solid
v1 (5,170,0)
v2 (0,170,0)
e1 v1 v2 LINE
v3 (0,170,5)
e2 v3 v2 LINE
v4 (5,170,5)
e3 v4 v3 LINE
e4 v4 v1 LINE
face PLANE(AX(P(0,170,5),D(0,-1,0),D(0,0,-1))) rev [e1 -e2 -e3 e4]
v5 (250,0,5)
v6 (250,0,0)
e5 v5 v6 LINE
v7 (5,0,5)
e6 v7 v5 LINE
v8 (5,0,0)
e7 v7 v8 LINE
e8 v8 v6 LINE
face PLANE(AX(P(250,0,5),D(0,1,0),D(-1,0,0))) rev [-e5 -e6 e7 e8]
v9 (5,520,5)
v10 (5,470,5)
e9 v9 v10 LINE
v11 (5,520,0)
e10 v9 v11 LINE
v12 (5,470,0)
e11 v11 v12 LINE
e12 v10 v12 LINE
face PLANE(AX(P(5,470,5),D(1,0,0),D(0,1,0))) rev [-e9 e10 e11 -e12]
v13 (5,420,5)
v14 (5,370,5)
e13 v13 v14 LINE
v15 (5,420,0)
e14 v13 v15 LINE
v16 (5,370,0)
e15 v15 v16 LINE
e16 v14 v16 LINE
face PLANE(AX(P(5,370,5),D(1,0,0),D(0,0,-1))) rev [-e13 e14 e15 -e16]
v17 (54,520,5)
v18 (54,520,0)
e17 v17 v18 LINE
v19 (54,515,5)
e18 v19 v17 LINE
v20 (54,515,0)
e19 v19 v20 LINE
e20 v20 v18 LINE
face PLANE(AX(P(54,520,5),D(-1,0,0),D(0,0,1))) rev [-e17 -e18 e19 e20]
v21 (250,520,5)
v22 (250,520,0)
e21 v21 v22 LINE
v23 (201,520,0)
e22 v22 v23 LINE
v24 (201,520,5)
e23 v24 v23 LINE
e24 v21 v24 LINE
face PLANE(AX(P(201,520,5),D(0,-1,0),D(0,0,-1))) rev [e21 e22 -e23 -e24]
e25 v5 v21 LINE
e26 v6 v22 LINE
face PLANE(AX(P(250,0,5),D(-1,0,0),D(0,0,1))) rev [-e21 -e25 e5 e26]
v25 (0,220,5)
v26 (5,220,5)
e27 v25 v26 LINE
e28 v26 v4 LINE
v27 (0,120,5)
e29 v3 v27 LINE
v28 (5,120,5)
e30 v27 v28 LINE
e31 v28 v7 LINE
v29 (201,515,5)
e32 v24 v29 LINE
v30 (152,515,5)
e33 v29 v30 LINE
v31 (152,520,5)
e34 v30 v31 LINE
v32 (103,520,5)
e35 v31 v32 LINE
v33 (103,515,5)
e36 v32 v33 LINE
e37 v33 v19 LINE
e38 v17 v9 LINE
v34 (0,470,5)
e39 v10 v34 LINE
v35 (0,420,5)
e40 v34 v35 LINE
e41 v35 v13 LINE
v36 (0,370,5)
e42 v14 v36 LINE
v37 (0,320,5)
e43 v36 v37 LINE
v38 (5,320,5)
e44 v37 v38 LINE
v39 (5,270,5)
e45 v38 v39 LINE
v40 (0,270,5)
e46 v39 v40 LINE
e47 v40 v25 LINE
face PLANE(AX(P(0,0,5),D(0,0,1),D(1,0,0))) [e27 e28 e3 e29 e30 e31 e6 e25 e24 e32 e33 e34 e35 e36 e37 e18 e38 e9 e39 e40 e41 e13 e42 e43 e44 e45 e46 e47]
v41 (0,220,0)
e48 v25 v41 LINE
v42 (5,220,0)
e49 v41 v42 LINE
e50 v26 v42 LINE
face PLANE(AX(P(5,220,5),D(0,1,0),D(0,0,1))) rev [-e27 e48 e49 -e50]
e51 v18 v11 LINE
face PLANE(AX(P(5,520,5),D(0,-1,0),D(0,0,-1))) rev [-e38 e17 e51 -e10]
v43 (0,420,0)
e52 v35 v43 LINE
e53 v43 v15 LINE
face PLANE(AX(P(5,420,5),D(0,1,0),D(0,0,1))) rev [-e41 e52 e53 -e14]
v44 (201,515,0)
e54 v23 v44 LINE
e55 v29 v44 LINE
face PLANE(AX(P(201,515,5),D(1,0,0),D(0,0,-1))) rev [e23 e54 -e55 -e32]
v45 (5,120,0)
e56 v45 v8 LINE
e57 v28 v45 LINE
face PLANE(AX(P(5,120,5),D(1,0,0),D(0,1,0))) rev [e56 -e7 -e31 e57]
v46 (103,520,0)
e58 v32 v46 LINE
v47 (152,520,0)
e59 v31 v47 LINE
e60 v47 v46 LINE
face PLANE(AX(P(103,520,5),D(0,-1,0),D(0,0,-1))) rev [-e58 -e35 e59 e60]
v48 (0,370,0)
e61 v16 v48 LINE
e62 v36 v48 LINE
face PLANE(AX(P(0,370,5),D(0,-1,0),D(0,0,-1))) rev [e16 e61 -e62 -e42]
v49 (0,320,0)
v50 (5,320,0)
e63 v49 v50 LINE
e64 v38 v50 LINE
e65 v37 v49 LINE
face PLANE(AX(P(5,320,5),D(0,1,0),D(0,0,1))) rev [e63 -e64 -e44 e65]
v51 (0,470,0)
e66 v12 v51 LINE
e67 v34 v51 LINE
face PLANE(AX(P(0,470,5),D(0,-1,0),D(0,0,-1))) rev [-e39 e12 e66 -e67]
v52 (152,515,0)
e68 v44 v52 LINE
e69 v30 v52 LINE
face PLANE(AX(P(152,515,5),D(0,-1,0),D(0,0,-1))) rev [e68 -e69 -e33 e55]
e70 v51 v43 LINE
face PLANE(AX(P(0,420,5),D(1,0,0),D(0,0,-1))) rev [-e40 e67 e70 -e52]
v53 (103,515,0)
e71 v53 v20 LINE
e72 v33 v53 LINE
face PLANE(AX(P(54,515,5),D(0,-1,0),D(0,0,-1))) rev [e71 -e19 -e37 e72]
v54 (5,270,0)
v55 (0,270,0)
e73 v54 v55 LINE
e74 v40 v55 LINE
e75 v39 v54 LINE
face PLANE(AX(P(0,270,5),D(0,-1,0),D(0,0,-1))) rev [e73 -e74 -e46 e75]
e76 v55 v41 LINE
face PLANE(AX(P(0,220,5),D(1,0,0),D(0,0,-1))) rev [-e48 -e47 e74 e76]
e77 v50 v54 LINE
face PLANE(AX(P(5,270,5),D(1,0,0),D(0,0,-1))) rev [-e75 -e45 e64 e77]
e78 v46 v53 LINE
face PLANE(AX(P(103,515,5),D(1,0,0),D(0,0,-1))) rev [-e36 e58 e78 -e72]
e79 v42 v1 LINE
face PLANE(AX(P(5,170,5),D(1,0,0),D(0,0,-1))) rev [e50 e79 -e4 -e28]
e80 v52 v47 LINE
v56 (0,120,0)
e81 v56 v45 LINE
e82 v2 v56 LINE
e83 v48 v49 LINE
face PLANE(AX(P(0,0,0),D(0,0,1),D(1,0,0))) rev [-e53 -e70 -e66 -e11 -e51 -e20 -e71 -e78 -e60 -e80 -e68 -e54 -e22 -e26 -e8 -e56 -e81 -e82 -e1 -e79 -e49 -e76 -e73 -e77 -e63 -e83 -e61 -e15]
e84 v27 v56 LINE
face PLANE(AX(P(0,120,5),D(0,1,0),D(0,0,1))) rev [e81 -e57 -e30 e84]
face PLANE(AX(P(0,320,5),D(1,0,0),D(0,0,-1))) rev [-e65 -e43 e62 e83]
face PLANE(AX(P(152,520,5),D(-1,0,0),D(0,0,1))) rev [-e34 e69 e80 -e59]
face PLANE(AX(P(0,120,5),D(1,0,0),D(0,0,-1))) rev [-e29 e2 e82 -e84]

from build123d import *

# Parameters (mm, degrees)
BOSS_EXTRU_1_DEPTH = 5


with BuildPart() as part:
    # Esquisse1 → Boss.-Extru.1 (new body)
    with BuildSketch(Plane.XY):
        Polygon((0, 120), (0, 170), (5, 170), (5, 220), (0, 220), (0, 270), (5, 270), (5, 320), (0, 320), (0, 370), (5, 370), (5, 420), (0, 420), (0, 470), (5, 470), (5, 520), (54, 520), (54, 515), (103, 515), (103, 520), (152, 520), (152, 515), (201, 515), (201, 520), (250, 520), (250, 0), (5, 0), (5, 120), align=None)
    extrude(amount=BOSS_EXTRU_1_DEPTH)


solid = part.part
